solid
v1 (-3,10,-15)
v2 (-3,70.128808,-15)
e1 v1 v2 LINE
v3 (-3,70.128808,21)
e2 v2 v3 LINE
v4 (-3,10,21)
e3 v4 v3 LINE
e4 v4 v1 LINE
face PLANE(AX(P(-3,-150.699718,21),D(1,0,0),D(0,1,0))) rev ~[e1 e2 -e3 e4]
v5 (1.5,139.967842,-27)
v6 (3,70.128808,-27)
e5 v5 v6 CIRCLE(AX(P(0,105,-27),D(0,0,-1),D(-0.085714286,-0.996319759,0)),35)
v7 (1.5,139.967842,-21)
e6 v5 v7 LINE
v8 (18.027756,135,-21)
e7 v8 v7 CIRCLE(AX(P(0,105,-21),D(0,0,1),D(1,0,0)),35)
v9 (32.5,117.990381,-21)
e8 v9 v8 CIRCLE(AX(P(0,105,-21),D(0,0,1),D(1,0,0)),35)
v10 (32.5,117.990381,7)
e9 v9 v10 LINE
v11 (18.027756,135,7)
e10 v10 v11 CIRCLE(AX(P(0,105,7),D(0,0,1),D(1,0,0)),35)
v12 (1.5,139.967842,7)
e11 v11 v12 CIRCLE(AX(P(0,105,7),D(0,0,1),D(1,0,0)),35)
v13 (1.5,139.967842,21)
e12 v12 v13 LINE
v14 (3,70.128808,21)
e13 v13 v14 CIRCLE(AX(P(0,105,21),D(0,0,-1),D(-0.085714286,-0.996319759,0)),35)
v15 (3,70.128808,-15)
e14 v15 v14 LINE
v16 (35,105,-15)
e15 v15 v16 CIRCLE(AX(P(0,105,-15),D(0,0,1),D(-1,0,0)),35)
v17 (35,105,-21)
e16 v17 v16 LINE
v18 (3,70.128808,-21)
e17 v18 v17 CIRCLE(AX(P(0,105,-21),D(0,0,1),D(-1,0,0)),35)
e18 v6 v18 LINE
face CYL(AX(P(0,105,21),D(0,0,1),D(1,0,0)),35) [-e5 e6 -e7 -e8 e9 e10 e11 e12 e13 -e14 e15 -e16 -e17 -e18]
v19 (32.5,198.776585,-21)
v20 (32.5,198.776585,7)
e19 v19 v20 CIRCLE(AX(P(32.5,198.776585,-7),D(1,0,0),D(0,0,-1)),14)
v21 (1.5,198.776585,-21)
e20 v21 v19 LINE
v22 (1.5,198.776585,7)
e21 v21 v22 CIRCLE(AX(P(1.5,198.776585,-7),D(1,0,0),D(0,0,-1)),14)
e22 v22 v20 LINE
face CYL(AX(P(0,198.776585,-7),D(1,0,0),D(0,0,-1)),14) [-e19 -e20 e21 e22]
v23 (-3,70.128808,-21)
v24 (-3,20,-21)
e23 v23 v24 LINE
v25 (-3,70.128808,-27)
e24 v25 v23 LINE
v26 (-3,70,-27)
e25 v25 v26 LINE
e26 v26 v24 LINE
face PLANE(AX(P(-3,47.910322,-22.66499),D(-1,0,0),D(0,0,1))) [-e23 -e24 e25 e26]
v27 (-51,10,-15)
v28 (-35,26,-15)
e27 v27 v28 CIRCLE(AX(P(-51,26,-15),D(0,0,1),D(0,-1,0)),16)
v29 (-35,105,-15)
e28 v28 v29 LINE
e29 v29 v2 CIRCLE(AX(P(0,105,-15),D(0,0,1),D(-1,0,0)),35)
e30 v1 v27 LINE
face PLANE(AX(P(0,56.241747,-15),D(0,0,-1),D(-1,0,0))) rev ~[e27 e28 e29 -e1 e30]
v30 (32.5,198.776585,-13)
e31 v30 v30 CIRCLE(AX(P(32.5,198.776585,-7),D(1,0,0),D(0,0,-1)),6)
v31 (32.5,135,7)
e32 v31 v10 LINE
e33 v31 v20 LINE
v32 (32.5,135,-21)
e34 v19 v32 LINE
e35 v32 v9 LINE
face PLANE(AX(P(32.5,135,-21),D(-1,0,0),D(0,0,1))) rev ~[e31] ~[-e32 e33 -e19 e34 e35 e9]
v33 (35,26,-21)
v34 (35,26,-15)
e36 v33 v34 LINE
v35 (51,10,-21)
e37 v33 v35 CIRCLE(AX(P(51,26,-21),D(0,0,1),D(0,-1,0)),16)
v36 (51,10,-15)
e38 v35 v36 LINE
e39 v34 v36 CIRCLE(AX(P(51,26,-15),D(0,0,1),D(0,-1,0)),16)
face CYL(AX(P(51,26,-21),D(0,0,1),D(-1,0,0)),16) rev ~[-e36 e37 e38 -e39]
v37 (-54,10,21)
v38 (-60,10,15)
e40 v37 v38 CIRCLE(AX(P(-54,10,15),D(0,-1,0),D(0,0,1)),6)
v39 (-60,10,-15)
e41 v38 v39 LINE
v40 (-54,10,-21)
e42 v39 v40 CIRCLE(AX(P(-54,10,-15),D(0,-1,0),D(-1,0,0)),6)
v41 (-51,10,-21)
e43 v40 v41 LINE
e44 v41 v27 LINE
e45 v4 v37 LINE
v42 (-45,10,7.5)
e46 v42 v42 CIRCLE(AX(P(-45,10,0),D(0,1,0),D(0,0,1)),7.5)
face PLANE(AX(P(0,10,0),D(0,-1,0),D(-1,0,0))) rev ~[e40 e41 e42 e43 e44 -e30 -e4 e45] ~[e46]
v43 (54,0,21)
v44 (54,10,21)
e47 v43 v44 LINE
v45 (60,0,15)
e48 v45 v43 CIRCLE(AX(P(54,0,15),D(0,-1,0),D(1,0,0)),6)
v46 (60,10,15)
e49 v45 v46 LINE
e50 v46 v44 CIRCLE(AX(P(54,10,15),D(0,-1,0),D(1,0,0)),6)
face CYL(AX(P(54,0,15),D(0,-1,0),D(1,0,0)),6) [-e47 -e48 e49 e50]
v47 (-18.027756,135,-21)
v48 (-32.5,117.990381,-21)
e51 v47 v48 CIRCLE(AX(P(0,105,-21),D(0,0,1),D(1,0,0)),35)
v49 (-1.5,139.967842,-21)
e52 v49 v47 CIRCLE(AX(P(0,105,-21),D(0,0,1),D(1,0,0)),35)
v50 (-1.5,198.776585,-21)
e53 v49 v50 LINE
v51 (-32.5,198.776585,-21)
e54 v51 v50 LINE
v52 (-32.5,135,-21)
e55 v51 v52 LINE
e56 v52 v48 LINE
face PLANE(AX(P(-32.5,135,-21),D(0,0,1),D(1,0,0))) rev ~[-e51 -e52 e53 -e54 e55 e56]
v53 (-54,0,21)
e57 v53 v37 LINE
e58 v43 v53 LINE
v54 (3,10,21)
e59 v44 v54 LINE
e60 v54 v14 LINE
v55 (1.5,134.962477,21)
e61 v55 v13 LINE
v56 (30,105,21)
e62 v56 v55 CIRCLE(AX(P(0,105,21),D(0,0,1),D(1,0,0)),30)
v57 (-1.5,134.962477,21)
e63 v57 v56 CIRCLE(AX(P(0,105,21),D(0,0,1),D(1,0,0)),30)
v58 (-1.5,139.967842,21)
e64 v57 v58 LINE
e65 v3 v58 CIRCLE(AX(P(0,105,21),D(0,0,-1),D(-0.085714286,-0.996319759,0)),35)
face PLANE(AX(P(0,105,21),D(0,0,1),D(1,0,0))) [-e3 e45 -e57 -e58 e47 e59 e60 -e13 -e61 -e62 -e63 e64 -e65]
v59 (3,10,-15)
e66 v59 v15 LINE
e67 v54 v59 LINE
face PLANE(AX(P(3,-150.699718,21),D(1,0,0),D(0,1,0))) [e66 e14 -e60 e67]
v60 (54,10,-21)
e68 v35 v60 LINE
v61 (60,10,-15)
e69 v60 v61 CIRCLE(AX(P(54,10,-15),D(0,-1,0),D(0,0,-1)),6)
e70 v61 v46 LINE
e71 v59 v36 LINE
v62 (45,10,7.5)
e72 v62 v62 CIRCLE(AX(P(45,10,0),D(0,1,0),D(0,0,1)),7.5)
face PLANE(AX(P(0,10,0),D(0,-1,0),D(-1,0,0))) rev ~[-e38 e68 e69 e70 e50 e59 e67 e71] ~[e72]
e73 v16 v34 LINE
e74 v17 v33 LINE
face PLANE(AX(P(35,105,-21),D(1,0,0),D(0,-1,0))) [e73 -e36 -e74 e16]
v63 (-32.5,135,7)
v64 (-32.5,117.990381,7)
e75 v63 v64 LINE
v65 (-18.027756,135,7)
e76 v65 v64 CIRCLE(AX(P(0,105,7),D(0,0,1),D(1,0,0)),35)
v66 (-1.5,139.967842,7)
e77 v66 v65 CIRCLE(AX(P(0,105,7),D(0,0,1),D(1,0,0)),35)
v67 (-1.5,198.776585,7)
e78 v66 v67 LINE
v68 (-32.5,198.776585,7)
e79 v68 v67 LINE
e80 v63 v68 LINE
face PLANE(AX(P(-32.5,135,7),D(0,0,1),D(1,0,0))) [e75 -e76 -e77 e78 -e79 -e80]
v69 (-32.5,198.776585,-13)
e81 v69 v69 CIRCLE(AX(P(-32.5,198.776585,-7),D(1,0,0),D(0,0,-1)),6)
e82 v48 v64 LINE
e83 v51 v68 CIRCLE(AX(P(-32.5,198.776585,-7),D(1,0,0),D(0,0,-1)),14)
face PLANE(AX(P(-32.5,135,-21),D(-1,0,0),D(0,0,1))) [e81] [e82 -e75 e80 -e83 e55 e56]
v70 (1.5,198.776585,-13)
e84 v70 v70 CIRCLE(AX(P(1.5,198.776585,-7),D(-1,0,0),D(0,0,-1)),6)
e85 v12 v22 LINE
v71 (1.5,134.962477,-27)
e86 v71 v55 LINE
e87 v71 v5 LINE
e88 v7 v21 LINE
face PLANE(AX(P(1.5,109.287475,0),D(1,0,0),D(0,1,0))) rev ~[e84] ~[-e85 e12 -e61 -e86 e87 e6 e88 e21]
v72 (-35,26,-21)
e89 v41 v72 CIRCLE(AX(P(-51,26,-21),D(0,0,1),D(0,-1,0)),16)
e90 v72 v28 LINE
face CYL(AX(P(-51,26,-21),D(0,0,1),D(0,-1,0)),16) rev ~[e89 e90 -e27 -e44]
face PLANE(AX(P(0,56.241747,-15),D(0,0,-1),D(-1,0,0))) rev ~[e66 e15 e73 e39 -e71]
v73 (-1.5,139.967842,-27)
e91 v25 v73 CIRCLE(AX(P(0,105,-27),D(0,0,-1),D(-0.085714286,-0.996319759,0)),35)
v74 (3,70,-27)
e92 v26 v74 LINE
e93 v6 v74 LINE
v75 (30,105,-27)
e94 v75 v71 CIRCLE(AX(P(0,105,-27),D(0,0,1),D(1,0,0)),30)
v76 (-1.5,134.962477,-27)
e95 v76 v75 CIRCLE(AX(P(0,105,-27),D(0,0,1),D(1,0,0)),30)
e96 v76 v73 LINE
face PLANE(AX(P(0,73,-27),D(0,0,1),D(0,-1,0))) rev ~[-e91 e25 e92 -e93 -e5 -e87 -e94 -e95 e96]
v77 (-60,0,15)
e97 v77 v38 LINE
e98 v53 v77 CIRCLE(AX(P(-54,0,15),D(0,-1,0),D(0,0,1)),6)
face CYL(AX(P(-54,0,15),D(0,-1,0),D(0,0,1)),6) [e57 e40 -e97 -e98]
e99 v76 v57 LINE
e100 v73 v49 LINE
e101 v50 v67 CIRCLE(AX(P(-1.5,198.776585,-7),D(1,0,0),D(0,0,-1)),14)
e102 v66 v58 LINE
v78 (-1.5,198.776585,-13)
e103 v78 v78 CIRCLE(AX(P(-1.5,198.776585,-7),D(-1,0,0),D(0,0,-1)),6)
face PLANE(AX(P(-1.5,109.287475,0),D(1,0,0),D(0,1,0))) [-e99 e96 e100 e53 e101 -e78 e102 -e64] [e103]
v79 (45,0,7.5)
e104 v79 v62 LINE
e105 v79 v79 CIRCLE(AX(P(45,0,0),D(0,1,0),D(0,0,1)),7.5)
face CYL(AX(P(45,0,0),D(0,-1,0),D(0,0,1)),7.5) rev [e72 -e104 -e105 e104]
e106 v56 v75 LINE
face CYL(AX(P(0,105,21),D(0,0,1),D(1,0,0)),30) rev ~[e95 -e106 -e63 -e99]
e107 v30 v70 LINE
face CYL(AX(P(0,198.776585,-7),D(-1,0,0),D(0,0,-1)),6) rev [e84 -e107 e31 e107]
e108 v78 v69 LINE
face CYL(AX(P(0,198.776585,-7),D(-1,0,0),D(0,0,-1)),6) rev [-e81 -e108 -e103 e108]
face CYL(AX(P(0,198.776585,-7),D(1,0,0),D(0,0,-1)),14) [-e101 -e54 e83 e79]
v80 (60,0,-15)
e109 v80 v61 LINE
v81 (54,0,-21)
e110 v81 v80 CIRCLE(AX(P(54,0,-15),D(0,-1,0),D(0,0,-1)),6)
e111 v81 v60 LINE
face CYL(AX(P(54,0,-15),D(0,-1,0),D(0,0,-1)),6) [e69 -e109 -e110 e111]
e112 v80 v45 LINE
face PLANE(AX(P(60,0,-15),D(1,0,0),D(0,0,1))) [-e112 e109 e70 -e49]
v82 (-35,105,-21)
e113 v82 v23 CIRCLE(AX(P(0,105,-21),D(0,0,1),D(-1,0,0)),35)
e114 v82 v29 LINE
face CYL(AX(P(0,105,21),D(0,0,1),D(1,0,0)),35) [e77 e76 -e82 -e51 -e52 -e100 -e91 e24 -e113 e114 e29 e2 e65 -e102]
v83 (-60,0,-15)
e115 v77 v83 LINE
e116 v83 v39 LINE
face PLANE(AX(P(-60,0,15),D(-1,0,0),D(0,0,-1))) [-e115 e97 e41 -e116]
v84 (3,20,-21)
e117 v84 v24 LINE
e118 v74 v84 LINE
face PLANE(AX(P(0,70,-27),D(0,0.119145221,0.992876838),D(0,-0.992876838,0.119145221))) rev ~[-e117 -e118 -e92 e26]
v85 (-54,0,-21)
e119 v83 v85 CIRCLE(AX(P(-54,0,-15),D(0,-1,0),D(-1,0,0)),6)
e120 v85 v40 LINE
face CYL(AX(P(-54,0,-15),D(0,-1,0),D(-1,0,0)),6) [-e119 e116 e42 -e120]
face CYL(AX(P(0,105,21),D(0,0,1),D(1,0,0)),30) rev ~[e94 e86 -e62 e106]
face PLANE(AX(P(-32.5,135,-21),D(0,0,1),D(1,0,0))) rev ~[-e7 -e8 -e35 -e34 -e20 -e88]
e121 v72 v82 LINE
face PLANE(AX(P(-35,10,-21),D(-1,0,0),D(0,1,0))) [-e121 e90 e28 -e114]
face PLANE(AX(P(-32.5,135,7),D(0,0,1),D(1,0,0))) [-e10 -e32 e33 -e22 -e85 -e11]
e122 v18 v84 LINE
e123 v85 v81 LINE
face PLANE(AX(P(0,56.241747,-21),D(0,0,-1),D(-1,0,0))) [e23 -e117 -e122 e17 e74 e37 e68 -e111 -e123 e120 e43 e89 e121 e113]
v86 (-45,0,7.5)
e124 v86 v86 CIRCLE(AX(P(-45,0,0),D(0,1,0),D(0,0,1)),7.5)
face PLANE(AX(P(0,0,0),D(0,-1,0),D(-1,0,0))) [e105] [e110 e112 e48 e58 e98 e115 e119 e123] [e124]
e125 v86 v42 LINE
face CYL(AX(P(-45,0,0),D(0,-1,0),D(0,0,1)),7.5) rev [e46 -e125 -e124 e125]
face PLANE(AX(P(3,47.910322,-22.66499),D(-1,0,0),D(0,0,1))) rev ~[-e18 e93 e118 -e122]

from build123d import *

# Parameters (mm, degrees)
SKETCH1_R            = 7.5
BOSS_EXTRUDE1_DEPTH  = 10
SKETCH2_R            = 35
SKETCH2_R_2          = 30
BOSS_EXTRUDE2_DEPTH  = 48
BOSS_EXTRUDE3_DEPTH  = 6
BOSS_EXTRUDE6_DEPTH  = 3
RIB3_REACH           = 161.7
SKETCH5_WALLS_W      = 6
SKETCH5_WALLS_H      = 381.399436442
FILLET1_R            = 16
SKETCH6_R            = 14
SKETCH6_R_2          = 6
BOSS_EXTRUDE7_DEPTH  = 32.5
BOSS_EXTRUDE8_DEPTH  = 32.5
BOSS_EXTRUDE9_REACH  = 152.18
SKETCH8_W            = 14.472243623
SKETCH8_H            = 28
BOSS_EXTRUDE10_REACH = 152.18
SKETCH9_W            = 14.472243623
SKETCH9_H            = 28
SKETCH10_W           = 3
SKETCH10_H           = 122.594000843
CUT_EXTRUDE1_DEPTH   = 32.5


with BuildPart() as part:
    # Sketch1 → Boss-Extrude1 (new body)
    with BuildSketch(Plane(origin=(0, 0, 0), x_dir=(1, 0, 0), z_dir=(0, 1, 0))):
        with BuildLine():
            Line((-54, 21), (54, 21))
            ThreePointArc((54, 21), (58.242640687, 19.242640687), (60, 15))
            Line((60, 15), (60, -15))
            ThreePointArc((60, -15), (58.242640687, -19.242640687), (54, -21))
            Line((54, -21), (-54, -21))
            ThreePointArc((-54, -21), (-58.242640687, -19.242640687), (-60, -15))
            Line((-60, -15), (-60, 15))
            ThreePointArc((-60, 15), (-58.242640687, 19.242640687), (-54, 21))
        make_face()
        with Locations(Location((-45, 0, 0), (0, 0, 270))):
            Circle(SKETCH1_R, mode=Mode.SUBTRACT)
        with Locations(Location((45, 0, 0), (0, 0, 270))):
            Circle(SKETCH1_R, mode=Mode.SUBTRACT)
    extrude(amount=BOSS_EXTRUDE1_DEPTH)



with BuildPart() as body_2:
    # Sketch2 → Boss-Extrude2 (new body)
    with BuildSketch(Plane.XY.offset(21)):
        with Locations((0, 105)):
            Circle(SKETCH2_R)
        with Locations((0, 105)):
            Circle(SKETCH2_R_2, mode=Mode.SUBTRACT)
    extrude(amount=-BOSS_EXTRUDE2_DEPTH)


with BuildPart() as part_1:
    add(part.part)

    add(body_2.part)  # Boss-Extrude3 merges body 2
    # Sketch3 → Boss-Extrude3 (add)
    with BuildSketch(Plane(origin=(0, 0, -21), x_dir=(-1, 0, 0), z_dir=(0, 0, -1))):
        with BuildLine():
            Line((-35, 10), (35, 10))
            Line((35, 10), (35, 105))
            ThreePointArc((35, 105), (0, 70), (-35, 105))
            Line((-35, 105), (-35, 10))
        make_face()
    extrude(amount=-BOSS_EXTRUDE3_DEPTH)

    # Sketch4 → Boss-Extrude6 (add, symmetric)
    with BuildSketch(Plane(origin=(0, 0, 0), x_dir=(0, 0, -1), z_dir=(1, 0, 0))):
        Polygon((27, 70), (21, 20), (21, 70), (21, 73), (27, 73), align=None)
    extrude(amount=BOSS_EXTRUDE6_DEPTH, both=True)

    # Sketch5 walls → Rib3 (add, up to next)
    with BuildSketch(Plane.XY.offset(21), mode=Mode.PRIVATE) as rib3_sk1:
        with Locations((0, 40)):
            Rectangle(SKETCH5_WALLS_W, SKETCH5_WALLS_H)
    rib3_tool1 = extrude(rib3_sk1.sketch, amount=-RIB3_REACH, mode=Mode.PRIVATE) - part_1.part
    add(rib3_tool1.solids().sort_by_distance((0, 40, 21))[0])

    # Fillet1
    fillet1_edges = [part_1.edges().sort_by_distance(p)[0] for p in [
        (-35, 10, -18),
        (35, 10, -18),
    ]]
    fillet(fillet1_edges, radius=FILLET1_R)



with BuildPart() as body_2_2:
    # Sketch6 → Boss-Extrude7 (new, symmetric)
    with BuildSketch(Plane(origin=(0, 0, 0), x_dir=(0, 0, -1), z_dir=(1, 0, 0))):
        with Locations((7, 198.776584802)):
            Circle(SKETCH6_R)
        with Locations((7, 198.776584802)):
            Circle(SKETCH6_R_2, mode=Mode.SUBTRACT)
    extrude(amount=BOSS_EXTRUDE7_DEPTH, both=True)


with BuildPart() as part_2:
    add(part_1.part)

    add(body_2_2.part)  # Boss-Extrude8 merges body 2 2
    # Sketch7 → Boss-Extrude8 (add, symmetric)
    with BuildSketch(Plane(origin=(0, 0, 0), x_dir=(0, 0, -1), z_dir=(1, 0, 0))):
        with BuildLine():
            Line((21, 198.776584802), (21, 140))
            Line((21, 140), (21, 135))
            Line((21, 135), (-7, 135))
            Line((-7, 135), (-7, 140))
            Line((-7, 140), (-7, 198.776584802))
            ThreePointArc((-7, 198.776584802), (7, 184.776584802), (21, 198.776584802))
        make_face()
    extrude(amount=BOSS_EXTRUDE8_DEPTH, both=True)

    # Sketch8 → Boss-Extrude9 (add, up to next)
    with BuildSketch(Plane.XZ.offset(-135), mode=Mode.PRIVATE) as boss_extrude9_sk1:
        with Locations((25.263878189, -7)):
            Rectangle(SKETCH8_W, SKETCH8_H)
    boss_extrude9_tool1 = extrude(boss_extrude9_sk1.sketch, amount=BOSS_EXTRUDE9_REACH, mode=Mode.PRIVATE) - part_2.part
    add(boss_extrude9_tool1.solids().sort_by_distance((25.263878, 135, -7))[0])

    # Sketch9 → Boss-Extrude10 (add, up to next)
    with BuildSketch(Plane.XZ.offset(-135), mode=Mode.PRIVATE) as boss_extrude10_sk1:
        with Locations((-25.263878189, -7)):
            Rectangle(SKETCH9_W, SKETCH9_H)
    boss_extrude10_tool1 = extrude(boss_extrude10_sk1.sketch, amount=BOSS_EXTRUDE10_REACH, mode=Mode.PRIVATE) - part_2.part
    add(boss_extrude10_tool1.solids().sort_by_distance((-25.263878, 135, -7))[0])

    # Sketch10 → Cut-Extrude1 (cut, symmetric)
    with BuildSketch(Plane.XY):
        with Locations((0, 170.584475275)):
            Rectangle(SKETCH10_W, SKETCH10_H)
    extrude(amount=CUT_EXTRUDE1_DEPTH, both=True, mode=Mode.SUBTRACT)


solid = part_2.part
